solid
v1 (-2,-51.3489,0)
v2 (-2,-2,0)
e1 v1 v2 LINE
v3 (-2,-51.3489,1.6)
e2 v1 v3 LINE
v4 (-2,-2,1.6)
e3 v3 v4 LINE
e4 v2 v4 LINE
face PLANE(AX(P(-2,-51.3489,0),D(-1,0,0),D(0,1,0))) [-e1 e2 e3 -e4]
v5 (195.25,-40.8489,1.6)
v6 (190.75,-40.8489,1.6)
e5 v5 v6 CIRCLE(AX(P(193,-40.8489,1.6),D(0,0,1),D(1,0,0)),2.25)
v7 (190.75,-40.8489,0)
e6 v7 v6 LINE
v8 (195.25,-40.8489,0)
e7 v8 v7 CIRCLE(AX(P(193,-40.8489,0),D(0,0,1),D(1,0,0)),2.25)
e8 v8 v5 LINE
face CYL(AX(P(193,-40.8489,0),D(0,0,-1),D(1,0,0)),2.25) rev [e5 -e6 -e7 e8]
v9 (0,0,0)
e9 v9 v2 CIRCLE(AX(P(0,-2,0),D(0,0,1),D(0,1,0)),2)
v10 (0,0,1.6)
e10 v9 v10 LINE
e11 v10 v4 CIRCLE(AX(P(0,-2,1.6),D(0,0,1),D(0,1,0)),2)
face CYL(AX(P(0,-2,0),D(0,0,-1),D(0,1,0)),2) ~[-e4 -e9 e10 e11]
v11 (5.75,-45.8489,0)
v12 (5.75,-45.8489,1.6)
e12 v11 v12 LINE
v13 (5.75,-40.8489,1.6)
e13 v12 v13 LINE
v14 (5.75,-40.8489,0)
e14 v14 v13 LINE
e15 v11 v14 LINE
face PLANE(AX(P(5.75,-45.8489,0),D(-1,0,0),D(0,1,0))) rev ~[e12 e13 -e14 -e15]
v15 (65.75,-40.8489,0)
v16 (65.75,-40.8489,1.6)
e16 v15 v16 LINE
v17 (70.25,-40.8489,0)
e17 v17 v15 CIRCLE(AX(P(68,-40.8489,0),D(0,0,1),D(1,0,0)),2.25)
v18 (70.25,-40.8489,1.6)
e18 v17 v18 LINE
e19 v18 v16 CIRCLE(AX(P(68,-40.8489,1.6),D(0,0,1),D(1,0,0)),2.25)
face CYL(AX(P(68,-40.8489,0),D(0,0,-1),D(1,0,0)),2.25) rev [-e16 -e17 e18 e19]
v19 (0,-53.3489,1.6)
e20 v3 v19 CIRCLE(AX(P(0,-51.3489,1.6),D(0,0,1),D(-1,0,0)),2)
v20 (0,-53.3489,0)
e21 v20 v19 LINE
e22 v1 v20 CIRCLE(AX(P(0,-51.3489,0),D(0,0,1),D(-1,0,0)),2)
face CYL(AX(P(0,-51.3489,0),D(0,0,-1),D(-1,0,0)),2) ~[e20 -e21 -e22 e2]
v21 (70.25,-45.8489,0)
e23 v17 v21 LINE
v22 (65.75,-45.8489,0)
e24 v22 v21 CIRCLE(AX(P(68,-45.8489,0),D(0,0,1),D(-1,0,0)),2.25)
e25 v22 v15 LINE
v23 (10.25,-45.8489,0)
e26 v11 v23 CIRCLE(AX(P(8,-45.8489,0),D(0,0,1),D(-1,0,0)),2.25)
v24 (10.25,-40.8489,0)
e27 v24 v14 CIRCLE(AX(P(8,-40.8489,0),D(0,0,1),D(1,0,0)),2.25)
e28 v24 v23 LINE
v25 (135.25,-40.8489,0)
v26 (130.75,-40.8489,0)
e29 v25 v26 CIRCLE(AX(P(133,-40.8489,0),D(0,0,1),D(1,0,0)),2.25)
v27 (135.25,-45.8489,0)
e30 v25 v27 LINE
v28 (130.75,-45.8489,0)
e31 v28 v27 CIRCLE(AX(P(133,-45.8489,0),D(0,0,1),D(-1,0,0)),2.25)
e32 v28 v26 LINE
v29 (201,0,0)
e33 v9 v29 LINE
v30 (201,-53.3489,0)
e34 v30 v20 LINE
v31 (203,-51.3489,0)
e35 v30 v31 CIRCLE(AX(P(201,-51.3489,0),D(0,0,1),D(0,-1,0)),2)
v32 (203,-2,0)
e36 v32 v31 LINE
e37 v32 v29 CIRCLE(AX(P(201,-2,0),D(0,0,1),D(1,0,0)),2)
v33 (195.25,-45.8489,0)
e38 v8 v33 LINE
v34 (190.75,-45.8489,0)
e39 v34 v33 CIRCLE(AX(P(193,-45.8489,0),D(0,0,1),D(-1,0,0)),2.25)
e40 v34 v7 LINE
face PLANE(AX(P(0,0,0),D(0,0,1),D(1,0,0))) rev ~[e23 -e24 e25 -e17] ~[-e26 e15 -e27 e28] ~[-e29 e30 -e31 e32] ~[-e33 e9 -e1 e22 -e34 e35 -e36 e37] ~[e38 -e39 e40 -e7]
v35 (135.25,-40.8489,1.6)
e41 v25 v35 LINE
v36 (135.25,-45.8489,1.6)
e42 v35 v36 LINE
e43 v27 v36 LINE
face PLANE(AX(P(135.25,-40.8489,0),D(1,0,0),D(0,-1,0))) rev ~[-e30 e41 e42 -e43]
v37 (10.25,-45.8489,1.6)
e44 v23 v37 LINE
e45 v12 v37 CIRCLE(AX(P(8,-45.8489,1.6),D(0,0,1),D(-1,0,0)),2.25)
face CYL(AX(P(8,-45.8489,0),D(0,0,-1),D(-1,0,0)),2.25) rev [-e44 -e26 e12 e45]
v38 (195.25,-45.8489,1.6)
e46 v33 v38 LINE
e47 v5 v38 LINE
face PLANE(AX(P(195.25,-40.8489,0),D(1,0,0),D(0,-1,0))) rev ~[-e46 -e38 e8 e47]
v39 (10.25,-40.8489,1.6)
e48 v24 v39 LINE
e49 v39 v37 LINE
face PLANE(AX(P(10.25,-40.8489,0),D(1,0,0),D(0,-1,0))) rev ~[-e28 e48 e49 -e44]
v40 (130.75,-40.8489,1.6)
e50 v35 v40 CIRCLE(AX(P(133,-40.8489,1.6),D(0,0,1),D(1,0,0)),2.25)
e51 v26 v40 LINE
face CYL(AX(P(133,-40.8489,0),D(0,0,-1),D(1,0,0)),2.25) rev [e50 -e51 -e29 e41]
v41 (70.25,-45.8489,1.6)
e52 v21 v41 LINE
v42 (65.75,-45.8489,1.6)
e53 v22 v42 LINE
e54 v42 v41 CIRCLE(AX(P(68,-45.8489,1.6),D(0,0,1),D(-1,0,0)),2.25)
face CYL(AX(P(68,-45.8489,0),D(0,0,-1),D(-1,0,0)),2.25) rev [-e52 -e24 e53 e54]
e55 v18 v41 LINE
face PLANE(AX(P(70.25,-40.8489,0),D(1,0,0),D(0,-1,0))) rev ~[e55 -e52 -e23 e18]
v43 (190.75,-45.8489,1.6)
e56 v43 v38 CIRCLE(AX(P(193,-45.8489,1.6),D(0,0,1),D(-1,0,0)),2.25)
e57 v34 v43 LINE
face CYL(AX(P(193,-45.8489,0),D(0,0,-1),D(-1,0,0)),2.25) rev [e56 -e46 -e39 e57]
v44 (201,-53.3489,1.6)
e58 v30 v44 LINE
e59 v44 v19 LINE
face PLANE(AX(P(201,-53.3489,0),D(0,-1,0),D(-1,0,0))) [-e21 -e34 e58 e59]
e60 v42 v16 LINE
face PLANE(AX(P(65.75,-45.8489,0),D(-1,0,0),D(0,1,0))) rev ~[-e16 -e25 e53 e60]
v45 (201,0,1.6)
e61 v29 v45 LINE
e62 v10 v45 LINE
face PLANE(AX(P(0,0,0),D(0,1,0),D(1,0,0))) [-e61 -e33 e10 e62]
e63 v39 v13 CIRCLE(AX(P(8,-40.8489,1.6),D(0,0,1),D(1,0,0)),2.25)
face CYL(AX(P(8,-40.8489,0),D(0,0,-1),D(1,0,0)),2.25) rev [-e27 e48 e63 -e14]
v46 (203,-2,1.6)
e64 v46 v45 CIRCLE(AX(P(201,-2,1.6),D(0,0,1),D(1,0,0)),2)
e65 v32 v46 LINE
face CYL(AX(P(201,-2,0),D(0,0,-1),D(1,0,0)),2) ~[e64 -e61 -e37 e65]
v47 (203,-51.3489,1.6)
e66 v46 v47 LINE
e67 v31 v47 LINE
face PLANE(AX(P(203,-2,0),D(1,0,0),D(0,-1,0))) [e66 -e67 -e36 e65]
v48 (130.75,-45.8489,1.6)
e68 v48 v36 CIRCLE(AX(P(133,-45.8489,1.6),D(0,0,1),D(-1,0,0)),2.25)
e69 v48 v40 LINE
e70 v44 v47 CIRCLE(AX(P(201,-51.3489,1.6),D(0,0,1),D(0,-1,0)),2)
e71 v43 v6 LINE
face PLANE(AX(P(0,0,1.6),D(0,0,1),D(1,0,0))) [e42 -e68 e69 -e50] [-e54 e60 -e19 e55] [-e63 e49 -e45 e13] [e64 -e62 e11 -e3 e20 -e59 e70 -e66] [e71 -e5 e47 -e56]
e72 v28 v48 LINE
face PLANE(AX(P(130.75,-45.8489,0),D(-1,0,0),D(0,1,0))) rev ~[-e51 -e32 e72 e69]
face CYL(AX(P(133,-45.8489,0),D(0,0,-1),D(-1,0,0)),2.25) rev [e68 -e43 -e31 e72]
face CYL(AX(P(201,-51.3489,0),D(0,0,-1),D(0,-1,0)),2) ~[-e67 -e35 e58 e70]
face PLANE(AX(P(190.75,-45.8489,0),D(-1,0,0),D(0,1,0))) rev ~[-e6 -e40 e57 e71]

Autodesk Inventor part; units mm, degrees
ref_plane "YZ Plane" through (0, 0, 0) normal (1, 0, 0) x (0, 1, 0)
ref_plane "XZ Plane" through (0, 0, 0) normal (0, 1, 0) x (-1, 0, 0)
ref_plane "XY Plane" through (0, 0, 0) normal (0, 0, 1) x (1, 0, 0)
sketch "スケッチ1" plane through (0, 0, 0) normal (0, 0, 1) x (1, 0, 0)
  line L0 (135.25, -40.8489) -> (135.25, -45.8489)
  arc A0 (130.75, -45.8489) -> (135.25, -45.8489) centre (133, -45.8489) ccw
  line L1 (130.75, -45.8489) -> (130.75, -40.8489)
  arc A1 (135.25, -40.8489) -> (130.75, -40.8489) centre (133, -40.8489) ccw
  line L2 (70.25, -40.8489) -> (70.25, -45.8489)
  arc A2 (65.75, -45.8489) -> (70.25, -45.8489) centre (68, -45.8489) ccw
  line L3 (65.75, -45.8489) -> (65.75, -40.8489)
  arc A3 (70.25, -40.8489) -> (65.75, -40.8489) centre (68, -40.8489) ccw
  line L4 (195.25, -40.8489) -> (195.25, -45.8489)
  arc A4 (190.75, -45.8489) -> (195.25, -45.8489) centre (193, -45.8489) ccw
  line L5 (190.75, -45.8489) -> (190.75, -40.8489)
  arc A5 (195.25, -40.8489) -> (190.75, -40.8489) centre (193, -40.8489) ccw
  line L6 (5.75, -45.8489) -> (5.75, -40.8489)
  arc A6 (10.25, -40.8489) -> (5.75, -40.8489) centre (8, -40.8489) ccw
  line L7 (10.25, -40.8489) -> (10.25, -45.8489)
  arc A7 (5.75, -45.8489) -> (10.25, -45.8489) centre (8, -45.8489) ccw
  arc A8 (203, -2) -> (201, 0) centre (201, -2) ccw
  line L8 (0, 0) -> (201, 0)
  arc A9 (0, 0) -> (-2, -2) centre (0, -2) ccw
  line L9 (-2, -51.3489) -> (-2, -2)
  arc A10 (-2, -51.3489) -> (0, -53.3489) centre (0, -51.3489) ccw
  line L10 (201, -53.3489) -> (0, -53.3489)
  arc A11 (201, -53.3489) -> (203, -51.3489) centre (201, -51.3489) ccw
  line L11 (203, -2) -> (203, -51.3489)
extrude "押し出し1" add sketch "スケッチ1" along normal blind 1.6
properties part number "Scraper_Bar_Flat"
